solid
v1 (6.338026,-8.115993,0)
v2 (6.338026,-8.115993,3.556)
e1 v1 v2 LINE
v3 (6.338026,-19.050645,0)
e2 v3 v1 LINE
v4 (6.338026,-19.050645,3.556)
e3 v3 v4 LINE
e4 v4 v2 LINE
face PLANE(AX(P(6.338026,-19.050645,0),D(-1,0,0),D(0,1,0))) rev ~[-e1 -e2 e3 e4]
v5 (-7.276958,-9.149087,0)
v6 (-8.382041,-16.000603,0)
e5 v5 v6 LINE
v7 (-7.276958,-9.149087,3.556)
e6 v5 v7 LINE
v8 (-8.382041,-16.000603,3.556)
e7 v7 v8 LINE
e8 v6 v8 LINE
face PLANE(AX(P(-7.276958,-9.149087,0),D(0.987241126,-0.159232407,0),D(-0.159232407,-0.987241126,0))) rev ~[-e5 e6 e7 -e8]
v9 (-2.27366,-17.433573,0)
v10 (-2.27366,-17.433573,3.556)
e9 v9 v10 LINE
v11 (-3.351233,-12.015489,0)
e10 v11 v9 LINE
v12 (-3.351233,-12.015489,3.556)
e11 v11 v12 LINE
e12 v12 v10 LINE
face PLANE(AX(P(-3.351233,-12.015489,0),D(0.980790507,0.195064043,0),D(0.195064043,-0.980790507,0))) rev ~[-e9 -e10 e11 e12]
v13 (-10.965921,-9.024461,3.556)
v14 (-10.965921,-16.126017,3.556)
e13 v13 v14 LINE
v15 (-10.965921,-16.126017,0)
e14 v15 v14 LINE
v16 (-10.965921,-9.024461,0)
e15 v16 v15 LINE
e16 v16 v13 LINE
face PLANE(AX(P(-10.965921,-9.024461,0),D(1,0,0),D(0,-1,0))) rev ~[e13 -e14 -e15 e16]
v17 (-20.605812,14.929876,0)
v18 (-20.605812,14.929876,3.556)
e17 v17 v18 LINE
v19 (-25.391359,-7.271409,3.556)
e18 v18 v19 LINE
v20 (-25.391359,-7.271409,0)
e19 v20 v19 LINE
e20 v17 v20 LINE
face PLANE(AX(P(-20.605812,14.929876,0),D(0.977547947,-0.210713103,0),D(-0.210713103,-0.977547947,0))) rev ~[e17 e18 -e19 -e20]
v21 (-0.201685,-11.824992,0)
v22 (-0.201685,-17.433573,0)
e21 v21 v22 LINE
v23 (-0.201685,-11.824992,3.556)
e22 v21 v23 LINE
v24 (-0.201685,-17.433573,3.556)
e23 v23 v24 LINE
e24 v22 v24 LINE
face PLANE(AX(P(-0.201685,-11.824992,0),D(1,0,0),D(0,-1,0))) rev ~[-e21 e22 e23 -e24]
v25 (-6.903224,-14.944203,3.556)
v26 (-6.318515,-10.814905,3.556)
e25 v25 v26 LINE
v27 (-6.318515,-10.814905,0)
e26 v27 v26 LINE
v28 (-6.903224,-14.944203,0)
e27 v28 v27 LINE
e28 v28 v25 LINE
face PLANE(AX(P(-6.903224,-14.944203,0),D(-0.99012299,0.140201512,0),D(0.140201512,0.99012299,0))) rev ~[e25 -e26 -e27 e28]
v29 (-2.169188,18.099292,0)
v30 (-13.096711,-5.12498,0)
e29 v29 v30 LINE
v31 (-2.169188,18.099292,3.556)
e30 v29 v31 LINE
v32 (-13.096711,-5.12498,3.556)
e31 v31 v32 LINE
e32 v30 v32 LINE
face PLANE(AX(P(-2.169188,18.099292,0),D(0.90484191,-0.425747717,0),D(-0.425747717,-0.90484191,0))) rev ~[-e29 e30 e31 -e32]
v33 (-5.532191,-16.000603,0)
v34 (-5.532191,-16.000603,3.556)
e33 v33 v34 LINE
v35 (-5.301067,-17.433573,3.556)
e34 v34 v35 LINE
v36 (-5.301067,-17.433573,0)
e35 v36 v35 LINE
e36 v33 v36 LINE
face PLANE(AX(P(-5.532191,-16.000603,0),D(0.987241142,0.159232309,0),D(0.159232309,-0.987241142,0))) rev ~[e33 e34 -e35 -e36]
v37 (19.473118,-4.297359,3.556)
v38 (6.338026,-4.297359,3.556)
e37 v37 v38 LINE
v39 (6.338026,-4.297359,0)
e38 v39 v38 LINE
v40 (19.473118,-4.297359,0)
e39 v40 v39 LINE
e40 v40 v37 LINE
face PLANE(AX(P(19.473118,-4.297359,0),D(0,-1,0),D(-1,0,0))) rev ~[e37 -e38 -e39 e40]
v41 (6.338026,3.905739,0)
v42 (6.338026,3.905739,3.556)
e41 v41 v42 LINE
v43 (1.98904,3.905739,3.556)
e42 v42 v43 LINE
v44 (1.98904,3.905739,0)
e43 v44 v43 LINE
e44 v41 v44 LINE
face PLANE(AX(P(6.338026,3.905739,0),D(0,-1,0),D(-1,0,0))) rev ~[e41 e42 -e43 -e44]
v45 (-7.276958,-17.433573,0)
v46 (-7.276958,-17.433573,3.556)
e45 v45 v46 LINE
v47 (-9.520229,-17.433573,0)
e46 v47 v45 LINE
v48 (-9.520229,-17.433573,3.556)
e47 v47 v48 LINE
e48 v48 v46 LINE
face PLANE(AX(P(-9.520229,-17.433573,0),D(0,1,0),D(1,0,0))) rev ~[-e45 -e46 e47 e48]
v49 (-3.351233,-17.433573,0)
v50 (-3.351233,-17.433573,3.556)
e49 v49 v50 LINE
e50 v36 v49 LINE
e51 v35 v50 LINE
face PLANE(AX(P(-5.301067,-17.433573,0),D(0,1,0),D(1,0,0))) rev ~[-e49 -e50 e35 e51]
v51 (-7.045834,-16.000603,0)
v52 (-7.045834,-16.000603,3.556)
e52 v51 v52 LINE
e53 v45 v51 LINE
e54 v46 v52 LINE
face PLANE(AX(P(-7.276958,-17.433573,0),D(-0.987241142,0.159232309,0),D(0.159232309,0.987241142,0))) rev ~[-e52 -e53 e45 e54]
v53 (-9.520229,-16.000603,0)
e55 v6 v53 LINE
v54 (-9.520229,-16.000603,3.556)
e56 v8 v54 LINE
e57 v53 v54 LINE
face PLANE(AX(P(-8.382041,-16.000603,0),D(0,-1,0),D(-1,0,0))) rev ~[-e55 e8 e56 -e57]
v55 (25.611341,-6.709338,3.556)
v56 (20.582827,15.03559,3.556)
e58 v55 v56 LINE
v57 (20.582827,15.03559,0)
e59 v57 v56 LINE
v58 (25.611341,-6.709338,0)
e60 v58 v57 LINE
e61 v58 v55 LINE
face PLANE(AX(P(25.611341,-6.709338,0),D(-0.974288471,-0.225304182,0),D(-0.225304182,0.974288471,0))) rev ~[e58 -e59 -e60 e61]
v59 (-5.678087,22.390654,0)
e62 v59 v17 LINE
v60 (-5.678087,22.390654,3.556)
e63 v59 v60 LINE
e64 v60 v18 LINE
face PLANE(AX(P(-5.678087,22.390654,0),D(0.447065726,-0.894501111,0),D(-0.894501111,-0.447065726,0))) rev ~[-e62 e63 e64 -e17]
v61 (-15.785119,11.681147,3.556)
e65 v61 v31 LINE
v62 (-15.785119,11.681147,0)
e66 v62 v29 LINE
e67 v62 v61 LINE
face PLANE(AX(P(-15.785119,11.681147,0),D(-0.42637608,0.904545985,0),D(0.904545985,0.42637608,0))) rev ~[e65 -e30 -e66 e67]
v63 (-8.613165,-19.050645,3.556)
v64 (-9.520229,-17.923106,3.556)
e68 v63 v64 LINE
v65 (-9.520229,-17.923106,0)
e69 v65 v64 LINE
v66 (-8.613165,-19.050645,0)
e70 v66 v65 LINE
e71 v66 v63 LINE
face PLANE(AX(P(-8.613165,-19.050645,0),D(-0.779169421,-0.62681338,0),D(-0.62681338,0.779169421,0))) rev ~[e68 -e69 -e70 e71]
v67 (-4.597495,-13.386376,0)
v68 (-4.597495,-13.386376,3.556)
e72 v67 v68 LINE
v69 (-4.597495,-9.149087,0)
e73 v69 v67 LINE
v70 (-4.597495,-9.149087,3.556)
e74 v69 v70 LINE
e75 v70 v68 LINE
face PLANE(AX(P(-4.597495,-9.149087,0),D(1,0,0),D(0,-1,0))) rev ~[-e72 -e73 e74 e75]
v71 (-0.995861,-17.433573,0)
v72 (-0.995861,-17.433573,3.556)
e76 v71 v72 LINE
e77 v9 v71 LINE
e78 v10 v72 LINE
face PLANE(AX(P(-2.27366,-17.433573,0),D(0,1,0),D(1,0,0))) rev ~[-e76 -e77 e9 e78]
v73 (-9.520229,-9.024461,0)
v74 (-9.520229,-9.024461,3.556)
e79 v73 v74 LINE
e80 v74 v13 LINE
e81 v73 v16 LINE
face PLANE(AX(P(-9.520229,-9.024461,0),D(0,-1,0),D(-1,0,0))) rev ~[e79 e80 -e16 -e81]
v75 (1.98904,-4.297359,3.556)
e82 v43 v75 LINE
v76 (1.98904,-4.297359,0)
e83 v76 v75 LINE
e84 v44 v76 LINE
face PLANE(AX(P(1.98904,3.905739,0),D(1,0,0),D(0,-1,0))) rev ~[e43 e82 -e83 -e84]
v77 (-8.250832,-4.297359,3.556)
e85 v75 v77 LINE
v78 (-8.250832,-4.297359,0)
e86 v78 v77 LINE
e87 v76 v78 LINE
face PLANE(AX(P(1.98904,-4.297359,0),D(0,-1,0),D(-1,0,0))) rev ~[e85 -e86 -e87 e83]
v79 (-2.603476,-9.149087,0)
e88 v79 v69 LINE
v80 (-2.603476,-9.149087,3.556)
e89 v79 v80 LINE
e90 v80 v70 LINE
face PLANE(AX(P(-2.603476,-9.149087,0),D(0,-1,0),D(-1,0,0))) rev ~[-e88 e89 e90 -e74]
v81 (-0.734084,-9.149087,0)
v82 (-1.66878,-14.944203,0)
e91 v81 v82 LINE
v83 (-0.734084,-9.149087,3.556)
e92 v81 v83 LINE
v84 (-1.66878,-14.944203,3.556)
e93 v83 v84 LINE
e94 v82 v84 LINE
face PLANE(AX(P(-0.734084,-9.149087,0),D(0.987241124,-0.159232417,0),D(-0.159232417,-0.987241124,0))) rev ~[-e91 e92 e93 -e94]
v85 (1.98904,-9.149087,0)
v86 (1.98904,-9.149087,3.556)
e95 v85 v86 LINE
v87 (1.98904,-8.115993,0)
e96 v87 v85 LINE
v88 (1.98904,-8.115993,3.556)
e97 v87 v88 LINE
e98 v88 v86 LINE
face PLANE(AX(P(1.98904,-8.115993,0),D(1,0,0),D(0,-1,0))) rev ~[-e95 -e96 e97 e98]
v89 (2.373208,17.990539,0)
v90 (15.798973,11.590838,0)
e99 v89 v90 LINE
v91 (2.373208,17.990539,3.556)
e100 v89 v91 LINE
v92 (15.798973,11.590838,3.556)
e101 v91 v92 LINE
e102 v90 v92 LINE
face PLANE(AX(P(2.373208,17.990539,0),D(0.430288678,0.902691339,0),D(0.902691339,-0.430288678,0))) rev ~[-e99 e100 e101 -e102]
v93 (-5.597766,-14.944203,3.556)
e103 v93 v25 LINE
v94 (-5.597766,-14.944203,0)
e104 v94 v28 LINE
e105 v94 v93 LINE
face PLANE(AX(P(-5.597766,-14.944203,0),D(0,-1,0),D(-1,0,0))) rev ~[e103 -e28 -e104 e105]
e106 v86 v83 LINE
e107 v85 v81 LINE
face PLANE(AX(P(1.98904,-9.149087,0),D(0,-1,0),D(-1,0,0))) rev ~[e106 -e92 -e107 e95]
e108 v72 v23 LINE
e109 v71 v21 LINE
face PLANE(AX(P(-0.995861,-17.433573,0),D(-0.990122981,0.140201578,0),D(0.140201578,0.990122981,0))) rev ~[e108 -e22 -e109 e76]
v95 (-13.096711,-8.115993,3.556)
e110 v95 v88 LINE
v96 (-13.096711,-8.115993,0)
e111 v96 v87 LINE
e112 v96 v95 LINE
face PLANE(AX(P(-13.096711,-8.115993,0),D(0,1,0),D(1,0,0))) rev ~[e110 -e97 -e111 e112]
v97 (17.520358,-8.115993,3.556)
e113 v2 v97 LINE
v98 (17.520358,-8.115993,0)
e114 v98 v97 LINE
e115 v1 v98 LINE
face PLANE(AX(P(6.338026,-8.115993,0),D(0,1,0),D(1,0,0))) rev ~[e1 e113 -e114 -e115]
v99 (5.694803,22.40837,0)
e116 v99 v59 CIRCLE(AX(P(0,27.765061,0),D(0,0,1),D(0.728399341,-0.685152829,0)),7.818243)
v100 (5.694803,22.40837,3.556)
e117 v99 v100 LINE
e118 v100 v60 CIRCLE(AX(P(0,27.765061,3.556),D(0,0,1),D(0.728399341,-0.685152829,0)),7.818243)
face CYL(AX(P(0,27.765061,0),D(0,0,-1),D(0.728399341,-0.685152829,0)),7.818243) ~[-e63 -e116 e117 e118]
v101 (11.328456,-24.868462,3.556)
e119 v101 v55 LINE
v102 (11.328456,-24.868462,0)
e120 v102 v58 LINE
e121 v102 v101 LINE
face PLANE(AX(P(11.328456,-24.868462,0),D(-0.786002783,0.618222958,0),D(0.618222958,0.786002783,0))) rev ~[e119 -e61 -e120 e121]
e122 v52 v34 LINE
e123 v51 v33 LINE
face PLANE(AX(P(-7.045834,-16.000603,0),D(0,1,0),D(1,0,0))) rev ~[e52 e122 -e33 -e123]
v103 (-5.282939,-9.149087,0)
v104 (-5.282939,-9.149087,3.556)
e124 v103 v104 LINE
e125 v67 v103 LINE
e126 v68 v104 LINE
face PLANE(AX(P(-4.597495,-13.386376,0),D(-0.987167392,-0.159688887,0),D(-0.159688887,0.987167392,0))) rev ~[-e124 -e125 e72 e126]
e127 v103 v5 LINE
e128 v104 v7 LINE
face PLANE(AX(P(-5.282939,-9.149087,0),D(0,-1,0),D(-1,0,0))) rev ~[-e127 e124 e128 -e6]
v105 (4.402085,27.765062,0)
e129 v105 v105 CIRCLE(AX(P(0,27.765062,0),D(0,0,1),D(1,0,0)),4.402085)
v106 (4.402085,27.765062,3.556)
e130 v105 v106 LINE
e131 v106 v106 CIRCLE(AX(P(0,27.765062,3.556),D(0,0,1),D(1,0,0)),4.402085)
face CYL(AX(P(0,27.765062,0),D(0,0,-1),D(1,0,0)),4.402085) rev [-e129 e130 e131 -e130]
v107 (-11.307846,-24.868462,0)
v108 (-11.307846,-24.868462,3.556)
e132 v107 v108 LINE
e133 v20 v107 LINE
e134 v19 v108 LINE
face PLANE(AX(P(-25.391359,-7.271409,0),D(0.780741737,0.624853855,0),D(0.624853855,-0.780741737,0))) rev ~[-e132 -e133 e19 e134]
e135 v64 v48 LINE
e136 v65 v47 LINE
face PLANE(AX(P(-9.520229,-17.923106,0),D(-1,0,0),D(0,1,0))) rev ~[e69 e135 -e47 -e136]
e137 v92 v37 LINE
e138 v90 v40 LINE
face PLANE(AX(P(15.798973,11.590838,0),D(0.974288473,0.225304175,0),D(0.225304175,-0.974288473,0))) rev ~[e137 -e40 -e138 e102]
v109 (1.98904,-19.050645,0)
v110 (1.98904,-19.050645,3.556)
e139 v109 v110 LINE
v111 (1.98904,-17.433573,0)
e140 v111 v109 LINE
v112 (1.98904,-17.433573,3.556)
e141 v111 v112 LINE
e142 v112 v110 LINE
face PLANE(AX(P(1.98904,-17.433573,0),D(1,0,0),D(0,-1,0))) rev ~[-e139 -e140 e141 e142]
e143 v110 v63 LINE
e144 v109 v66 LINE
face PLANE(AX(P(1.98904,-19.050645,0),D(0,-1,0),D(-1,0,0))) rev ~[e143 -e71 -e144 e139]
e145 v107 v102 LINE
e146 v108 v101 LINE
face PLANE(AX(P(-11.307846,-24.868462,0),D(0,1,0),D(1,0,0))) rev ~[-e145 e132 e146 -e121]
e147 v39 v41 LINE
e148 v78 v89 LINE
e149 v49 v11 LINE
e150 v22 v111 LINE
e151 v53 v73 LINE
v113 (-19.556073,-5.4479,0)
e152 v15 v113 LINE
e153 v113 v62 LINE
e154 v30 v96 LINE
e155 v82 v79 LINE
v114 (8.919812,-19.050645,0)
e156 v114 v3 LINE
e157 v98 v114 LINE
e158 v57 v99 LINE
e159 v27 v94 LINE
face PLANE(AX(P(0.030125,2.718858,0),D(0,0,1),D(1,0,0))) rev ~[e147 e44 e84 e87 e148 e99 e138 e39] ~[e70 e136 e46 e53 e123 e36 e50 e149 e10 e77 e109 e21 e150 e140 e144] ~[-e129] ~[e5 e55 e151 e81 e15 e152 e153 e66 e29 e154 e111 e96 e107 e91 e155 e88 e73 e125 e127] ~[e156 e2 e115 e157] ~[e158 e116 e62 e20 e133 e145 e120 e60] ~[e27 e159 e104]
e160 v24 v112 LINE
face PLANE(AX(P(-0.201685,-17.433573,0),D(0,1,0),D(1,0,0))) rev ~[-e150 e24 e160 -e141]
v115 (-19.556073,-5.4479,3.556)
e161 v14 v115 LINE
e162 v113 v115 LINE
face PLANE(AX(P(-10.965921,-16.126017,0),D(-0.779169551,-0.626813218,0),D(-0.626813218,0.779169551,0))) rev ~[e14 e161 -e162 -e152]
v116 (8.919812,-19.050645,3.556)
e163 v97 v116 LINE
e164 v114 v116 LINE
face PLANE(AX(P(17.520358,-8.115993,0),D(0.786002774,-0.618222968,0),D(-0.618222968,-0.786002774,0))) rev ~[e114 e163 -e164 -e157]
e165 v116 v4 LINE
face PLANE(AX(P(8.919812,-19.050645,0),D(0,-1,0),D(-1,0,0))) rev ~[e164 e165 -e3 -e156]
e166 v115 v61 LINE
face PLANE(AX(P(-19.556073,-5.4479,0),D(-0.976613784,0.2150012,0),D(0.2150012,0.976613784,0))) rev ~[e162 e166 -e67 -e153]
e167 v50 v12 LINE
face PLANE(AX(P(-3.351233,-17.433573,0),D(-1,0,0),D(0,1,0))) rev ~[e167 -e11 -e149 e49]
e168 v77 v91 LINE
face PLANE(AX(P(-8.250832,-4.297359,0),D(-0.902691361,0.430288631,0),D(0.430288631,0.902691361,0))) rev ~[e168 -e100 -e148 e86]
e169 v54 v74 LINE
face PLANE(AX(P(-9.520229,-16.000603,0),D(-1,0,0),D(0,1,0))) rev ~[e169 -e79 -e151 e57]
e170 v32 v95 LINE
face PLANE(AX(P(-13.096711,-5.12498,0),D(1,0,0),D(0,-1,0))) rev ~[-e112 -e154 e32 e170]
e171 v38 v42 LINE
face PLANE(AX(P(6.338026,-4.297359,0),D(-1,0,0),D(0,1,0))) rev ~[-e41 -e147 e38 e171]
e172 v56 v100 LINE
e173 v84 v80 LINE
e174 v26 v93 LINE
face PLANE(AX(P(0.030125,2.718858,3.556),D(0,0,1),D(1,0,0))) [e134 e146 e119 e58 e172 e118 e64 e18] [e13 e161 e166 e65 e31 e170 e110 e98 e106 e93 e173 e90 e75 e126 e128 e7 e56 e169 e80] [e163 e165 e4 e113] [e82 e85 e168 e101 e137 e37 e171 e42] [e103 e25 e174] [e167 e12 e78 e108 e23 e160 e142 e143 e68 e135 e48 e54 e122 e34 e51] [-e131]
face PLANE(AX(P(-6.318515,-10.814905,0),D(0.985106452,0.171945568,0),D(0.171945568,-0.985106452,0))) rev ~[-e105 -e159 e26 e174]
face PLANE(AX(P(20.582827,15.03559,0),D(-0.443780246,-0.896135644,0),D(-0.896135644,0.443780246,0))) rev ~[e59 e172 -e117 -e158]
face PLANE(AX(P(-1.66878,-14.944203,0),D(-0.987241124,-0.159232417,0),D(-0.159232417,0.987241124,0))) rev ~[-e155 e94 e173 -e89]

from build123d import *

# Parameters (mm, degrees)
F0_R     = 4.402085
F1_DEPTH = 3.556


with BuildPart() as f1:
    # F0 (on Top) → F1 (new body)
    with BuildSketch(Plane.XY):
        with BuildLine():
            Line((20.582827, 15.03559), (5.694803, 22.40837))
            ThreePointArc((5.694803, 22.40837), (-0.012179, 35.583295), (-5.678087, 22.390654))
            Line((-5.678087, 22.390654), (-20.605812, 14.929876))
            Line((-20.605812, 14.929876), (-25.391359, -7.271409))
            Line((-25.391359, -7.271409), (-11.307846, -24.868462))
            Line((-11.307846, -24.868462), (11.328456, -24.868462))
            Line((11.328456, -24.868462), (25.611341, -6.709338))
            Line((25.611341, -6.709338), (20.582827, 15.03559))
        make_face()
        Polygon((1.98904, -19.050645), (-8.613165, -19.050645), (-9.520229, -17.923106), (-9.520229, -17.433573), (-8.613165, -17.433573), (-7.276958, -17.433573), (-7.045834, -16.000603), (-5.532191, -16.000603), (-5.301067, -17.433573), (-3.351233, -17.433573), (-3.351233, -12.015489), (-2.27366, -17.433573), (-0.995861, -17.433573), (-0.201685, -11.824992), (-0.201685, -17.433573), (1.98904, -17.433573), align=None, mode=Mode.SUBTRACT)
        Polygon((-6.903224, -14.944203), (-6.318515, -10.814905), (-5.597766, -14.944203), align=None, mode=Mode.SUBTRACT)
        Polygon((-19.556073, -5.4479), (-15.785119, 11.681147), (-2.169188, 18.099292), (-13.096711, -5.12498), (-13.096711, -8.115993), (1.98904, -8.115993), (1.98904, -9.149087), (-0.734084, -9.149087), (-1.66878, -14.944203), (-2.603476, -9.149087), (-4.597495, -9.149087), (-4.597495, -13.386376), (-5.282939, -9.149087), (-7.276958, -9.149087), (-8.382041, -16.000603), (-9.520229, -16.000603), (-9.520229, -9.024461), (-10.965921, -9.024461), (-10.965921, -16.126017), align=None, mode=Mode.SUBTRACT)
        Polygon((6.338026, -8.115993), (17.520358, -8.115993), (8.919812, -19.050645), (6.338026, -19.050645), align=None, mode=Mode.SUBTRACT)
        with Locations((0, 27.765062)):
            Circle(F0_R, mode=Mode.SUBTRACT)
        Polygon((-8.250832, -4.297359), (2.373208, 17.990539), (15.798973, 11.590838), (19.473118, -4.297359), (6.338026, -4.297359), (6.338026, 3.905739), (1.98904, 3.905739), (1.98904, -4.297359), align=None, mode=Mode.SUBTRACT)
    extrude(amount=F1_DEPTH)


solid = f1.part
